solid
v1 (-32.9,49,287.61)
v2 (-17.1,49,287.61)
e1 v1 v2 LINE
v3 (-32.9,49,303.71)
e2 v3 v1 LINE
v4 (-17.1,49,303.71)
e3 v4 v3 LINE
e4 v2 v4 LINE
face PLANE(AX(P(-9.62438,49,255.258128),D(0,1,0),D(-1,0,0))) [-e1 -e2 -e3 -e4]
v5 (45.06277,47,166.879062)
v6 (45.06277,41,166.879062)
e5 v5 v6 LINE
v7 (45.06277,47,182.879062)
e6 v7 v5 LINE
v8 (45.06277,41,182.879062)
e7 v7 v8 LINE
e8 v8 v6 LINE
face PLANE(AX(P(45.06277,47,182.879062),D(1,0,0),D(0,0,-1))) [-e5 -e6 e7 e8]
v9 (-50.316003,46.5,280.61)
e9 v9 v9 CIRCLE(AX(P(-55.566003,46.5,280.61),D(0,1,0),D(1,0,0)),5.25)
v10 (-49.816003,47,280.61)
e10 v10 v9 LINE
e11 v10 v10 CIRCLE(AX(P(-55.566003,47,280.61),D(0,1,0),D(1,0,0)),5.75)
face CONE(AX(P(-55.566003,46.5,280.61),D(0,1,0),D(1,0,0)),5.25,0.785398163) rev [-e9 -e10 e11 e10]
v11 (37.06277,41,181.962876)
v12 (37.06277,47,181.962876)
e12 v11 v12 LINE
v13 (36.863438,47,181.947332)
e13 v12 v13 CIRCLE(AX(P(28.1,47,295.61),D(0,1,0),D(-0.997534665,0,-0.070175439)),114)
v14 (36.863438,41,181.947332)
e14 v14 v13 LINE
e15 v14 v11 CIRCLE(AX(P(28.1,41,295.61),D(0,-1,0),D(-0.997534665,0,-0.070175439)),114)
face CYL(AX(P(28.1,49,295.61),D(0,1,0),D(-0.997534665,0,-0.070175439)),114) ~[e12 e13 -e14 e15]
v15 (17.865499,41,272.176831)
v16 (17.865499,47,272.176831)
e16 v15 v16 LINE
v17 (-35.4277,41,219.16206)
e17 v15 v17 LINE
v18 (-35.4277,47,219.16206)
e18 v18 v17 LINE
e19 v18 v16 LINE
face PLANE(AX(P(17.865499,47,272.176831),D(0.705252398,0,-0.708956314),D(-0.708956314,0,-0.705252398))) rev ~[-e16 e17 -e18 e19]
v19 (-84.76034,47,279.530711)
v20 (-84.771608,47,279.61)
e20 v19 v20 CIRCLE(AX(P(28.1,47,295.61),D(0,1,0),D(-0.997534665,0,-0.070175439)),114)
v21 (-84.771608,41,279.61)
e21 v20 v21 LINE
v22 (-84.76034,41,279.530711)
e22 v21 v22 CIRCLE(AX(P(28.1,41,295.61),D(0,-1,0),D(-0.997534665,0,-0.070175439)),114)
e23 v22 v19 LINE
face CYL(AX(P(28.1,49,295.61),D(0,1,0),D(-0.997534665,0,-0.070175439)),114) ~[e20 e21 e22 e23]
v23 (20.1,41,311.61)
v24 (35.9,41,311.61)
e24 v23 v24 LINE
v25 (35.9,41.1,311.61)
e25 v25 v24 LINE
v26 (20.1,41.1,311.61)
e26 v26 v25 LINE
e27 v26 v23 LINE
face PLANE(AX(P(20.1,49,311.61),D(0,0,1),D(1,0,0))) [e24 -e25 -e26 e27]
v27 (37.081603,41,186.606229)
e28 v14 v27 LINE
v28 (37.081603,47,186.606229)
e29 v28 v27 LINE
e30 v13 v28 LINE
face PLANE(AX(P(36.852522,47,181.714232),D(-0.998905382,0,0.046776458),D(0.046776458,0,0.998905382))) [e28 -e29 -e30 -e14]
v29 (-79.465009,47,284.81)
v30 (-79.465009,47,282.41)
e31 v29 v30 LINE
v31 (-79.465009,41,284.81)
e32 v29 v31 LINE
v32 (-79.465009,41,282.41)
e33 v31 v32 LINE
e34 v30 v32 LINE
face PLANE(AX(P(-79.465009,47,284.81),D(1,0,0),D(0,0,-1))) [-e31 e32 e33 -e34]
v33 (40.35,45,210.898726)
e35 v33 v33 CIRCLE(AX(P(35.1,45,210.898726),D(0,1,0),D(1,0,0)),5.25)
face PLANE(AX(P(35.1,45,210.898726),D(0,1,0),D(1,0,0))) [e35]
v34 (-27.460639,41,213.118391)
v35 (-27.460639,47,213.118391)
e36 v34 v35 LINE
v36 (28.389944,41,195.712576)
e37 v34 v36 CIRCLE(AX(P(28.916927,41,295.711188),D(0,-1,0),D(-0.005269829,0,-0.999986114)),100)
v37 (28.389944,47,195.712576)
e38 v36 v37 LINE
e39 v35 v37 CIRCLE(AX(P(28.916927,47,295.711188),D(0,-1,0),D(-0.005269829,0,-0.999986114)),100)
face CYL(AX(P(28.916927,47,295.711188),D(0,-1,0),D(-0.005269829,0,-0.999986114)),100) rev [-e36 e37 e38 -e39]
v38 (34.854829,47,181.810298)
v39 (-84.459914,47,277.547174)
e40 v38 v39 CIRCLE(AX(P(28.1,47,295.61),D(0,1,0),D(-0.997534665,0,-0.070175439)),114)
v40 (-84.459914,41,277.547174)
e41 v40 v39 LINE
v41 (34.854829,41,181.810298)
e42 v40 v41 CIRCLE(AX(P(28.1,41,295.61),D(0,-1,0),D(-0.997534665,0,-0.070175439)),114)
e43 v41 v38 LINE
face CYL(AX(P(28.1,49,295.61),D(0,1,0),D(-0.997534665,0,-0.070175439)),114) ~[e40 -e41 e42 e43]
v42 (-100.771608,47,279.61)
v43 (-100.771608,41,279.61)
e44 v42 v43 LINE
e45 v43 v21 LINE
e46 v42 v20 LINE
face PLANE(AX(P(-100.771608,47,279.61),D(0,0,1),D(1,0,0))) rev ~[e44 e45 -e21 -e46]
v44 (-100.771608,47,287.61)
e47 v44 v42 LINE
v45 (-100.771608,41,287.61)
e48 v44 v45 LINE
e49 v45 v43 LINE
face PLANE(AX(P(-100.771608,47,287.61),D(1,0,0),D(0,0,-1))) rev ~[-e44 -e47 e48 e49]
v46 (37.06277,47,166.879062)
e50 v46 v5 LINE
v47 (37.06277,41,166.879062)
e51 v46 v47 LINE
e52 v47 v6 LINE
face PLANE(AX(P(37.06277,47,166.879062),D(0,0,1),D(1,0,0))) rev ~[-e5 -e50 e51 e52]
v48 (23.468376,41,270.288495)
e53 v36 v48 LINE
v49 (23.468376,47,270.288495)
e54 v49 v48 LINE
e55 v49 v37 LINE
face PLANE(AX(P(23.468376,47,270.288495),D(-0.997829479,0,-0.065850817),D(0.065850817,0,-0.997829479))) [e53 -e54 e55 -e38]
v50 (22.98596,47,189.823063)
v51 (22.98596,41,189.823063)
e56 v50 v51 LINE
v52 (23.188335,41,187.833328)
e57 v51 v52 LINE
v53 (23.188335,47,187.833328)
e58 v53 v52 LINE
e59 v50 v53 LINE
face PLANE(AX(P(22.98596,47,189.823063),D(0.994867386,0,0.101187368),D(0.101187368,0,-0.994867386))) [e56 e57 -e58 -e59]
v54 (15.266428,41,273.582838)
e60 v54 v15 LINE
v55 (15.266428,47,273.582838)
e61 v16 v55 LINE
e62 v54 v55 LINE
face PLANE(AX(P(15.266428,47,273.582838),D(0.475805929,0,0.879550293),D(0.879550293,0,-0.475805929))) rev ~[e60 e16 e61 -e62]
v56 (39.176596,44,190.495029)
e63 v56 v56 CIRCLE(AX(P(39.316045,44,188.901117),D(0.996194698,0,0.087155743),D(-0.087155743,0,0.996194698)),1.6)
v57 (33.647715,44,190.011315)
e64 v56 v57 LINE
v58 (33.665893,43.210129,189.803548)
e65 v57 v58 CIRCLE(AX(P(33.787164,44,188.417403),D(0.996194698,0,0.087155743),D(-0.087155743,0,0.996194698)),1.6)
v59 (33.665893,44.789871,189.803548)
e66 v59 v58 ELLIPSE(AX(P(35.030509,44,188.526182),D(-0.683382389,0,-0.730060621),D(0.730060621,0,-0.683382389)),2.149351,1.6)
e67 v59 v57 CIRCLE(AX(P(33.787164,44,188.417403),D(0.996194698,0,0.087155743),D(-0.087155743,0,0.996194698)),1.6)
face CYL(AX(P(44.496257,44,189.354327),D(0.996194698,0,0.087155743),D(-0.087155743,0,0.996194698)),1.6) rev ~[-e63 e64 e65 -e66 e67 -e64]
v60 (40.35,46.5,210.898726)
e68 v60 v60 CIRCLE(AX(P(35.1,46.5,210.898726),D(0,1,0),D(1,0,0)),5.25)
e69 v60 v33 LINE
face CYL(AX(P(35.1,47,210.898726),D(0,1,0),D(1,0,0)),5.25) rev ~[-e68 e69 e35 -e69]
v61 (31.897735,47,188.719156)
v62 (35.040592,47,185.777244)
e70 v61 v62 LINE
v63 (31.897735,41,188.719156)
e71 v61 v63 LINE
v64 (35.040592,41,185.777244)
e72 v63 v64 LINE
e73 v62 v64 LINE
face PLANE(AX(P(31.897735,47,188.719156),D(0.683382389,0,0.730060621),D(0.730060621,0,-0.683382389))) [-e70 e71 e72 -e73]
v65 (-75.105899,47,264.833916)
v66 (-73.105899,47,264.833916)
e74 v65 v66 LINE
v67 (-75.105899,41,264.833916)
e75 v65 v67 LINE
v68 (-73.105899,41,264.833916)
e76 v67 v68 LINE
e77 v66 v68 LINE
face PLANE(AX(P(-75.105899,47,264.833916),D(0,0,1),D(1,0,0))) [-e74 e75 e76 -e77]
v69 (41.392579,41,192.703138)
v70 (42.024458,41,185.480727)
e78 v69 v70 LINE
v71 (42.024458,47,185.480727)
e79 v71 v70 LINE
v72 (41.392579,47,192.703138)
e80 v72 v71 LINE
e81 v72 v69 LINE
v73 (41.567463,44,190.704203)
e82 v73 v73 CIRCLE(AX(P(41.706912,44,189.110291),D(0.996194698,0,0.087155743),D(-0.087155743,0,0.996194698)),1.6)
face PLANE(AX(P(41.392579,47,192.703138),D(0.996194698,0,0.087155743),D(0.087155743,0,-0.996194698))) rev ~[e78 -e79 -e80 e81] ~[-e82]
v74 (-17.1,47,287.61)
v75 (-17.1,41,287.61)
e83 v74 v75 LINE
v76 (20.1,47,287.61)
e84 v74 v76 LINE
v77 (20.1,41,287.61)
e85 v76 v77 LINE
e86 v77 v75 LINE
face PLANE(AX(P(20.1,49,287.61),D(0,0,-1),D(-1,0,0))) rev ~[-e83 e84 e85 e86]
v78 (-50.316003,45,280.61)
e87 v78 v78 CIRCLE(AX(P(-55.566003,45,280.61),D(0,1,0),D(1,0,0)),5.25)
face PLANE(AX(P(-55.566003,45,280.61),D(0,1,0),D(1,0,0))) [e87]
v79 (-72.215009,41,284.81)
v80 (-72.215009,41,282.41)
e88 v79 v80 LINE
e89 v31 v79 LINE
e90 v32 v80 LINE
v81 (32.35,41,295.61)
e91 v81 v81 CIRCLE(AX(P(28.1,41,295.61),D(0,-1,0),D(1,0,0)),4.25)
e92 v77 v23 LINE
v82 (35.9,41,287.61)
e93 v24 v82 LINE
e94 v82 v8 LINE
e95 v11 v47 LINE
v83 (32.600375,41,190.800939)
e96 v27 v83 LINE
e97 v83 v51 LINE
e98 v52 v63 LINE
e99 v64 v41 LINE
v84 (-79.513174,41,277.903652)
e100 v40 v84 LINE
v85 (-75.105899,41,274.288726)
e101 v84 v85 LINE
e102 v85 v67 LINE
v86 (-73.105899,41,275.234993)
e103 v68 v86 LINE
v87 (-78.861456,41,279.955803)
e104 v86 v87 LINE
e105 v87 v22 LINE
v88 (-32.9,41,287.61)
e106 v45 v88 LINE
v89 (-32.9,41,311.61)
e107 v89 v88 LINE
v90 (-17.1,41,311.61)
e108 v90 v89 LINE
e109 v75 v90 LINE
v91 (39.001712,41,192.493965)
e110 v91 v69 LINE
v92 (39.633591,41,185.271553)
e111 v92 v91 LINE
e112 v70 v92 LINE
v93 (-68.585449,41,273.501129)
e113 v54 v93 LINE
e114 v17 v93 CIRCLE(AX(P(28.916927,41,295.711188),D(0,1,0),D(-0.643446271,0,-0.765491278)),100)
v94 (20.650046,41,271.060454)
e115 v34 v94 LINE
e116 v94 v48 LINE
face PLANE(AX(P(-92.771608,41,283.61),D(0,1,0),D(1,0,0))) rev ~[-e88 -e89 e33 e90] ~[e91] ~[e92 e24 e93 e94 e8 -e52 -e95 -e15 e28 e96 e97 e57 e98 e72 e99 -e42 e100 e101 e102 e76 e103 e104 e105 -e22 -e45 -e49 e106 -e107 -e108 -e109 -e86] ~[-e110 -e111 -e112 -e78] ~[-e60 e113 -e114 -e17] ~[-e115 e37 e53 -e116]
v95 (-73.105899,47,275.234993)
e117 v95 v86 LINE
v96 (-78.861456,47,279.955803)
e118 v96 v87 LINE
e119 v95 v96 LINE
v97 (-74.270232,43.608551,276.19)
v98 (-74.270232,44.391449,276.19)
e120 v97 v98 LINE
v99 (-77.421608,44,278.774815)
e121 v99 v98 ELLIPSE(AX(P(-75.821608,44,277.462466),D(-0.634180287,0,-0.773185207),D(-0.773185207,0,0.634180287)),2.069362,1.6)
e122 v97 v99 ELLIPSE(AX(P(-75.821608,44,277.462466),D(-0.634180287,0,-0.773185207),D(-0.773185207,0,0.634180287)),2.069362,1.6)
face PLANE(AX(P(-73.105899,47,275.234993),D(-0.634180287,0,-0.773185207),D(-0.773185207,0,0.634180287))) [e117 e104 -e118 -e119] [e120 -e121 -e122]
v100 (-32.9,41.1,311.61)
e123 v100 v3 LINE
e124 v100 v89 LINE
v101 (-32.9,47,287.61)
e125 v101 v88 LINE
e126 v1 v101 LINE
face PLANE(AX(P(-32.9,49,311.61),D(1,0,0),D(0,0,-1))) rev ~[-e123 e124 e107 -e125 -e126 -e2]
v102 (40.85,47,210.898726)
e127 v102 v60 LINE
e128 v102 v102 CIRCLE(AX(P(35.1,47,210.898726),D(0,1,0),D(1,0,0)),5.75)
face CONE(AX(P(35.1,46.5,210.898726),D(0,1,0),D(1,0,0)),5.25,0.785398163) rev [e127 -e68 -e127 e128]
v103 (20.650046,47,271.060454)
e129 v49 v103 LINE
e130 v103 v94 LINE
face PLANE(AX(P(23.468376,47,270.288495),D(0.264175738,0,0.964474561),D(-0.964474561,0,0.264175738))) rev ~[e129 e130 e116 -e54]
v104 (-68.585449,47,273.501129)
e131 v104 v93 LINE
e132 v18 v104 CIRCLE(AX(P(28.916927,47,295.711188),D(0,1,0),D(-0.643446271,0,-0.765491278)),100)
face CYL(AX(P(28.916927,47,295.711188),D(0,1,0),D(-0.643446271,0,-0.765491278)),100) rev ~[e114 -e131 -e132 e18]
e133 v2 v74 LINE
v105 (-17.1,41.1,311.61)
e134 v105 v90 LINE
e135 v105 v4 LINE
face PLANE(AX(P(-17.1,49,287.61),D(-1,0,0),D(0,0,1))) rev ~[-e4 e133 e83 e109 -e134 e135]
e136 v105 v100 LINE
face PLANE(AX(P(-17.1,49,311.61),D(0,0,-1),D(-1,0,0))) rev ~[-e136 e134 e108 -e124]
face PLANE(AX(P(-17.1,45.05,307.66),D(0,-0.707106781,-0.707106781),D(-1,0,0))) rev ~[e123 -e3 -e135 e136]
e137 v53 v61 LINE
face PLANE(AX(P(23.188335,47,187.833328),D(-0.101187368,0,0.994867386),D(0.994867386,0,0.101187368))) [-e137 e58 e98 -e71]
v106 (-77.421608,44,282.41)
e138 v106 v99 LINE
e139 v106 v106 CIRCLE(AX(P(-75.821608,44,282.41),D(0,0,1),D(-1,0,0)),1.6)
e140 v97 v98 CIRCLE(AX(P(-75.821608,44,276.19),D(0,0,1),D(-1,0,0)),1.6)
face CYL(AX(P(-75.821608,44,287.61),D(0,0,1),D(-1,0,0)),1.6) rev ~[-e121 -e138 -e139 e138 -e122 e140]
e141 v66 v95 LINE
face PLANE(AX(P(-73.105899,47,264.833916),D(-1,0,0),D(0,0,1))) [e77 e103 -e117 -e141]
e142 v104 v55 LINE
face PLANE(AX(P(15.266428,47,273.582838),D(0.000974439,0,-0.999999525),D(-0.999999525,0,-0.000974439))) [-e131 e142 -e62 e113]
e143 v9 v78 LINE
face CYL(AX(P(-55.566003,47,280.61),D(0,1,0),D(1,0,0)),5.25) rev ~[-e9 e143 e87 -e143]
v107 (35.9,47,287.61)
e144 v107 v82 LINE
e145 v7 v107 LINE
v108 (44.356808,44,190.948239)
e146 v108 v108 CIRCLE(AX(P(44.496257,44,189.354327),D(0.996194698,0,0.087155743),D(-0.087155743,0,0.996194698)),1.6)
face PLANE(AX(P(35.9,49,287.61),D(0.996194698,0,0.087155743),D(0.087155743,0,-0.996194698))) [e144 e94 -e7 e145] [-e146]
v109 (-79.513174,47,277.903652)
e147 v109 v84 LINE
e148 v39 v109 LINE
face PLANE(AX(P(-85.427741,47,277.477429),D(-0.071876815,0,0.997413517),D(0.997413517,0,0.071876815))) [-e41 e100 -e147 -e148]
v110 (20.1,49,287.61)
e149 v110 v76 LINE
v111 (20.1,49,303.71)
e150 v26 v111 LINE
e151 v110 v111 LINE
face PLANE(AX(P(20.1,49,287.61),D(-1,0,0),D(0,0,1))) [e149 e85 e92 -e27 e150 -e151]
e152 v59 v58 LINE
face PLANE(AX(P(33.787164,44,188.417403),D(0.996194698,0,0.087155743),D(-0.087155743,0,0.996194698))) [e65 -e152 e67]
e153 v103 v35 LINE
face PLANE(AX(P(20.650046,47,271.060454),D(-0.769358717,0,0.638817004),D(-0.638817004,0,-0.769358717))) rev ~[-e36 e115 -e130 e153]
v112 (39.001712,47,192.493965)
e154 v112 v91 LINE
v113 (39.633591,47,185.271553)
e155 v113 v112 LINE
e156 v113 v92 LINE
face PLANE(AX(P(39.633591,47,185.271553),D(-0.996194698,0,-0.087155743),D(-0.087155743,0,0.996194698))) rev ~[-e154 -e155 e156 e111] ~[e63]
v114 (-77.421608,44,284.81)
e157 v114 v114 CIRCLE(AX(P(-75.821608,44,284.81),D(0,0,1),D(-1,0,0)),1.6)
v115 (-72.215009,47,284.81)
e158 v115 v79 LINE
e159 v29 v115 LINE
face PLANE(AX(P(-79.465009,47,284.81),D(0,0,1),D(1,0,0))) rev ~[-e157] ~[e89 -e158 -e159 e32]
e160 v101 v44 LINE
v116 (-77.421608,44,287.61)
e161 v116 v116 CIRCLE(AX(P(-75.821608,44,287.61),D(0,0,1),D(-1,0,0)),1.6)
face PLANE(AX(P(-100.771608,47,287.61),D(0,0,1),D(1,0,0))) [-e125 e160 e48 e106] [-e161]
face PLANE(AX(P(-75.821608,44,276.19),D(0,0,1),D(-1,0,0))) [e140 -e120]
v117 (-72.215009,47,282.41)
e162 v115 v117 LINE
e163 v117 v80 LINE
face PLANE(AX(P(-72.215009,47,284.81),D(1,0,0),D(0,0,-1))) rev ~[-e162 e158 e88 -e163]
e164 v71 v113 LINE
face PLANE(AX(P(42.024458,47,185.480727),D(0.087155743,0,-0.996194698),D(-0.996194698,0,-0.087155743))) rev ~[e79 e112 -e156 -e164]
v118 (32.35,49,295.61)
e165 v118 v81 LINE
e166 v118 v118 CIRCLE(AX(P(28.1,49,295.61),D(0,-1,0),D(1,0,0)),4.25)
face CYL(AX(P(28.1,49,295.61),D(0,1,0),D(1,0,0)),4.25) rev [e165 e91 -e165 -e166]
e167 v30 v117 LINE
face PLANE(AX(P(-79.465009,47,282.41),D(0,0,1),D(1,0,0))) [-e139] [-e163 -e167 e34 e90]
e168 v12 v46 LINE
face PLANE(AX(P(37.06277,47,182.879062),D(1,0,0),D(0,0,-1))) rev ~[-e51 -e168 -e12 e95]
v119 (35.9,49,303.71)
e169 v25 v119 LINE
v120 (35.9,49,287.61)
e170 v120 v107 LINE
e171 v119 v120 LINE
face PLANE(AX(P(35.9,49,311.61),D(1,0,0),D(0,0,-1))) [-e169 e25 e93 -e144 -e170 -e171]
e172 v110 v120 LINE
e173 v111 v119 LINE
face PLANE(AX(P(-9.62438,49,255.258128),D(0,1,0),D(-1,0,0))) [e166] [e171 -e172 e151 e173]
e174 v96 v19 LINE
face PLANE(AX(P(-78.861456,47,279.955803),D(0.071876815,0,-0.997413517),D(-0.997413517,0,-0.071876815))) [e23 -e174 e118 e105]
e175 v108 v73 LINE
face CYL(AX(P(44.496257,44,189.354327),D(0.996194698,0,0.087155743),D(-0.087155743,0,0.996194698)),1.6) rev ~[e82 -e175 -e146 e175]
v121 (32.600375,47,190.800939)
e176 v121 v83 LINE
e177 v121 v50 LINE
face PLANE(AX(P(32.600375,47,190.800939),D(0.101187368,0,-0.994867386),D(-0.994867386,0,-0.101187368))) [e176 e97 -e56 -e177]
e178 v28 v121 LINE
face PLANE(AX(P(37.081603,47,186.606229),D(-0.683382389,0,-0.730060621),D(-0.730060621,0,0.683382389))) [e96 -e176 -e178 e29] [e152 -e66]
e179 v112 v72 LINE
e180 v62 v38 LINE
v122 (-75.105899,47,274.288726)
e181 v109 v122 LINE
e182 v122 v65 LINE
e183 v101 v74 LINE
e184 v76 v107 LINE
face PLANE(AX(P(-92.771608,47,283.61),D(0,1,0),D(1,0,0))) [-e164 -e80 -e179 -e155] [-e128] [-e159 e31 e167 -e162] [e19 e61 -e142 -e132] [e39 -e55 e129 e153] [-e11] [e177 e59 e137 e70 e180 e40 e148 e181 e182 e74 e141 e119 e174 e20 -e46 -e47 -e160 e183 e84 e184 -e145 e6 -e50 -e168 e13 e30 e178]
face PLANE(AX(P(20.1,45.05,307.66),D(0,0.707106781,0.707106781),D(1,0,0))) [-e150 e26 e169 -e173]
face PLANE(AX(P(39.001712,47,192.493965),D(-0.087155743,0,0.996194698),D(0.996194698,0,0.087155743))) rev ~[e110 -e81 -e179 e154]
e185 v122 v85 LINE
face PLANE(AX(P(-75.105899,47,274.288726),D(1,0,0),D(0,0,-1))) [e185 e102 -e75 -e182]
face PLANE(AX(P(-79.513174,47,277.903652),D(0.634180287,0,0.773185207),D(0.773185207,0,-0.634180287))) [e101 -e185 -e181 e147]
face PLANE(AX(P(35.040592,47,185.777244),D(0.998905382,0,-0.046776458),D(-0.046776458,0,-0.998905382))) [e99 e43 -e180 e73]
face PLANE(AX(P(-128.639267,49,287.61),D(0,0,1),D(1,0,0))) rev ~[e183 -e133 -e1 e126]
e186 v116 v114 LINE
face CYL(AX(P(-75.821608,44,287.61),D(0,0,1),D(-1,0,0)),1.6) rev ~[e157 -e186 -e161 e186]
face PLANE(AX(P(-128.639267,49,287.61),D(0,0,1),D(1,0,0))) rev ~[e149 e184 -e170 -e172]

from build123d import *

# Parameters (mm, degrees)
SKETCH119_R     = 4.25
PAD037_DEPTH    = 8
POCKET089_DEPTH = 10
SKETCH145_W     = 212.757988
SKETCH145_H     = 111.377136
POCKET090_DEPTH = 2
CHAMFER024_SIZE = 7.9
SKETCH146_W     = 16
SKETCH146_H     = 8
SKETCH146_W_2   = 8
SKETCH146_H_2   = 16
PAD043_DEPTH    = 6
POCKET091_DEPTH = 6
SKETCH148_R     = 5.25
POCKET092_DEPTH = 2
CHAMFER025_SIZE = 0.5
SKETCH149_W     = 7.25
SKETCH149_H     = 2.4
POCKET093_DEPTH = 6
SKETCH150_R     = 1.6
POCKET094_DEPTH = 11.42
SKETCH151_R     = 1.6
POCKET095_DEPTH = 10.75


with BuildPart() as part:
    # Sketch119 → Pad037 (new body)
    with BuildSketch(Plane.XZ):
        with BuildLine():
            Line((43.1, 311.61), (58.9, 311.61))
            Line((58.9, 311.61), (58.9, 287.61))
            Line((58.9, 287.61), (68.0627698178, 182.8790617439))
            ThreePointArc((-62.6189518066, 287.61), (-20.1922299081, 206.652605958), (68.0627698178, 182.8790617439))
            Line((-9.9, 287.61), (-62.6189518066, 287.61))
            Line((-9.9, 311.61), (-9.9, 287.61))
            Line((5.9, 311.61), (-9.9, 311.61))
            Line((5.9, 287.61), (5.9, 311.61))
            Line((43.1, 287.61), (5.9, 287.61))
            Line((43.1, 287.61), (43.1, 311.61))
        make_face()
        with Locations((51.1, 295.61)):
            Circle(SKETCH119_R, mode=Mode.SUBTRACT)
    extrude(amount=PAD037_DEPTH)

    # Sketch144 (on Sketch) → Pocket089 (cut, symmetric)
    with BuildSketch(Plane(origin=(0, -2, 0), x_dir=(1, 0, 0), z_dir=(0, 1, 0))):
        with BuildLine():
            Line((46.4683764269, -270.2884951656), (51.3899439591, -195.7125763223))
            ThreePointArc((51.3899439591, -195.7125763223), (22.163397434, -200.2401058051), (-4.4606389833, -213.1183910114))
            Line((43.6500461, -271.0604538296), (-4.4606389833, -213.1183910114))
            Line((46.4683764269, -270.2884951656), (43.6500461, -271.0604538296))
        make_face()
        with BuildLine():
            Line((38.2664280008, -273.5828375694), (-45.585449, -273.501129))
            ThreePointArc((-12.4277002687, -219.1620599694), (-33.4458091568, -243.6227695917), (-45.585449, -273.501129))
            Line((40.8654991159, -272.1768310477), (-12.4277002687, -219.1620599694))
            Line((38.2664280008, -273.5828375694), (40.8654991159, -272.1768310477))
        make_face()
    extrude(amount=POCKET089_DEPTH, both=True, mode=Mode.SUBTRACT)

    # Sketch145 (on Face4 of Pocket089) → Pocket090 (cut)
    with BuildSketch(Plane(origin=(0, 0, 0), x_dir=(1, 0, 0), z_dir=(0, 1, 0))):
        with Locations((0.739727, -231.921432)):
            Rectangle(SKETCH145_W, SKETCH145_H)
    extrude(amount=-POCKET090_DEPTH, mode=Mode.SUBTRACT)

    # Chamfer024
    chamfer024_edges = [part.edges().sort_by_distance(p)[0] for p in [
        (51, 0, 311.61),
        (-2, 0, 311.61),
    ]]
    chamfer(chamfer024_edges, length=CHAMFER024_SIZE)

    # Sketch146 (on Face24 of Chamfer024) → Pad043 (join)
    with BuildSketch(Plane(origin=(0, -2, 0), x_dir=(1, 0, 0), z_dir=(0, 1, 0))):
        with Locations((-69.7716084762, -283.61)):
            Rectangle(SKETCH146_W, SKETCH146_H)
        with Locations((64.0627698178, -174.8790617439)):
            Rectangle(SKETCH146_W_2, SKETCH146_H_2)
    extrude(amount=-PAD043_DEPTH)

    # Sketch147 (on Face26 of Pad043) → Pocket091 (cut)
    with BuildSketch(Plane(origin=(0, -2, 0), x_dir=(1, 0, 0), z_dir=(0, 1, 0))):
        Polygon((59.8525224324, -181.7142315678), (60.0816034962, -186.6062288871), (55.6003748066, -190.8009391349), (45.9859602644, -189.8230627729), (46.188335, -187.833328), (54.8977345384, -188.7191558264), (58.040592409, -185.7772443485), (57.8465339537, -181.633150432), align=None)
        Polygon((-62.4277412024, -277.4774293102), (-56.5131742791, -277.9036519615), (-52.105898537, -274.2887258472), (-52.105898537, -264.8339163664), (-50.105898537, -264.8339163664), (-50.105898537, -275.234992563), (-55.8614558604, -279.9558032607), (-62.5714948328, -279.4722563437), align=None)
    extrude(amount=-POCKET091_DEPTH, mode=Mode.SUBTRACT)

    # Sketch148 (on Face42 of Pocket091) → Pocket092 (cut)
    with BuildSketch(Plane(origin=(0, -2, 0), x_dir=(1, 0, 0), z_dir=(0, 1, 0))):
        with Locations((-32.5660026534, -280.61)):
            Circle(SKETCH148_R)
        with Locations((58.1, -210.8987256618)):
            Circle(SKETCH148_R)
    extrude(amount=-POCKET092_DEPTH, mode=Mode.SUBTRACT)

    # Chamfer025
    chamfer025_edges = [part.edges().sort_by_distance(p)[0] for p in [
        (52.85, -2, 210.898726),
        (-37.816003, -2, 280.61),
    ]]
    chamfer(chamfer025_edges, length=CHAMFER025_SIZE)

    # Sketch149 (on Face1 of Chamfer025) → Pocket093 (cut)
    with BuildSketch(Plane(origin=(0, -2, 0), x_dir=(1, 0, 0), z_dir=(0, 1, 0))):
        with Locations((-52.8400088116, -283.61)):
            Rectangle(SKETCH149_W, SKETCH149_H)
        Polygon((62.6335907882, -185.2715531365), (62.0017116533, -192.4939646977), (64.3925789287, -192.7031384803), (65.0244580636, -185.4807269191), align=None)
    extrude(amount=-POCKET093_DEPTH, mode=Mode.SUBTRACT)

    # Sketch150 (on Face6 of Pocket093) → Pocket094 (cut)
    with BuildSketch(Plane(origin=(0, 0, 287.61), x_dir=(-1, 0, 0), z_dir=(0, 0, 1))):
        with Locations((52.8216084762, 5)):
            Circle(SKETCH150_R)
    extrude(amount=-POCKET094_DEPTH, mode=Mode.SUBTRACT)

    # Sketch151 (on Face5 of Pocket094) → Pocket095 (cut)
    with BuildSketch(Plane(origin=(83.4240645156, 0, 7.2986599104), x_dir=(-0.0871557427, 0, 0.9961946981), z_dir=(0.9961946981, 0, 0.0871557427))):
        with Locations((182.7510904443, 5)):
            Circle(SKETCH151_R)
    extrude(amount=-POCKET095_DEPTH, mode=Mode.SUBTRACT)


with BuildPart() as part_1:
    # Body028 placement: moved
    add(part.part.moved(Location((-23, 49, 0))))


solid = part_1.part
